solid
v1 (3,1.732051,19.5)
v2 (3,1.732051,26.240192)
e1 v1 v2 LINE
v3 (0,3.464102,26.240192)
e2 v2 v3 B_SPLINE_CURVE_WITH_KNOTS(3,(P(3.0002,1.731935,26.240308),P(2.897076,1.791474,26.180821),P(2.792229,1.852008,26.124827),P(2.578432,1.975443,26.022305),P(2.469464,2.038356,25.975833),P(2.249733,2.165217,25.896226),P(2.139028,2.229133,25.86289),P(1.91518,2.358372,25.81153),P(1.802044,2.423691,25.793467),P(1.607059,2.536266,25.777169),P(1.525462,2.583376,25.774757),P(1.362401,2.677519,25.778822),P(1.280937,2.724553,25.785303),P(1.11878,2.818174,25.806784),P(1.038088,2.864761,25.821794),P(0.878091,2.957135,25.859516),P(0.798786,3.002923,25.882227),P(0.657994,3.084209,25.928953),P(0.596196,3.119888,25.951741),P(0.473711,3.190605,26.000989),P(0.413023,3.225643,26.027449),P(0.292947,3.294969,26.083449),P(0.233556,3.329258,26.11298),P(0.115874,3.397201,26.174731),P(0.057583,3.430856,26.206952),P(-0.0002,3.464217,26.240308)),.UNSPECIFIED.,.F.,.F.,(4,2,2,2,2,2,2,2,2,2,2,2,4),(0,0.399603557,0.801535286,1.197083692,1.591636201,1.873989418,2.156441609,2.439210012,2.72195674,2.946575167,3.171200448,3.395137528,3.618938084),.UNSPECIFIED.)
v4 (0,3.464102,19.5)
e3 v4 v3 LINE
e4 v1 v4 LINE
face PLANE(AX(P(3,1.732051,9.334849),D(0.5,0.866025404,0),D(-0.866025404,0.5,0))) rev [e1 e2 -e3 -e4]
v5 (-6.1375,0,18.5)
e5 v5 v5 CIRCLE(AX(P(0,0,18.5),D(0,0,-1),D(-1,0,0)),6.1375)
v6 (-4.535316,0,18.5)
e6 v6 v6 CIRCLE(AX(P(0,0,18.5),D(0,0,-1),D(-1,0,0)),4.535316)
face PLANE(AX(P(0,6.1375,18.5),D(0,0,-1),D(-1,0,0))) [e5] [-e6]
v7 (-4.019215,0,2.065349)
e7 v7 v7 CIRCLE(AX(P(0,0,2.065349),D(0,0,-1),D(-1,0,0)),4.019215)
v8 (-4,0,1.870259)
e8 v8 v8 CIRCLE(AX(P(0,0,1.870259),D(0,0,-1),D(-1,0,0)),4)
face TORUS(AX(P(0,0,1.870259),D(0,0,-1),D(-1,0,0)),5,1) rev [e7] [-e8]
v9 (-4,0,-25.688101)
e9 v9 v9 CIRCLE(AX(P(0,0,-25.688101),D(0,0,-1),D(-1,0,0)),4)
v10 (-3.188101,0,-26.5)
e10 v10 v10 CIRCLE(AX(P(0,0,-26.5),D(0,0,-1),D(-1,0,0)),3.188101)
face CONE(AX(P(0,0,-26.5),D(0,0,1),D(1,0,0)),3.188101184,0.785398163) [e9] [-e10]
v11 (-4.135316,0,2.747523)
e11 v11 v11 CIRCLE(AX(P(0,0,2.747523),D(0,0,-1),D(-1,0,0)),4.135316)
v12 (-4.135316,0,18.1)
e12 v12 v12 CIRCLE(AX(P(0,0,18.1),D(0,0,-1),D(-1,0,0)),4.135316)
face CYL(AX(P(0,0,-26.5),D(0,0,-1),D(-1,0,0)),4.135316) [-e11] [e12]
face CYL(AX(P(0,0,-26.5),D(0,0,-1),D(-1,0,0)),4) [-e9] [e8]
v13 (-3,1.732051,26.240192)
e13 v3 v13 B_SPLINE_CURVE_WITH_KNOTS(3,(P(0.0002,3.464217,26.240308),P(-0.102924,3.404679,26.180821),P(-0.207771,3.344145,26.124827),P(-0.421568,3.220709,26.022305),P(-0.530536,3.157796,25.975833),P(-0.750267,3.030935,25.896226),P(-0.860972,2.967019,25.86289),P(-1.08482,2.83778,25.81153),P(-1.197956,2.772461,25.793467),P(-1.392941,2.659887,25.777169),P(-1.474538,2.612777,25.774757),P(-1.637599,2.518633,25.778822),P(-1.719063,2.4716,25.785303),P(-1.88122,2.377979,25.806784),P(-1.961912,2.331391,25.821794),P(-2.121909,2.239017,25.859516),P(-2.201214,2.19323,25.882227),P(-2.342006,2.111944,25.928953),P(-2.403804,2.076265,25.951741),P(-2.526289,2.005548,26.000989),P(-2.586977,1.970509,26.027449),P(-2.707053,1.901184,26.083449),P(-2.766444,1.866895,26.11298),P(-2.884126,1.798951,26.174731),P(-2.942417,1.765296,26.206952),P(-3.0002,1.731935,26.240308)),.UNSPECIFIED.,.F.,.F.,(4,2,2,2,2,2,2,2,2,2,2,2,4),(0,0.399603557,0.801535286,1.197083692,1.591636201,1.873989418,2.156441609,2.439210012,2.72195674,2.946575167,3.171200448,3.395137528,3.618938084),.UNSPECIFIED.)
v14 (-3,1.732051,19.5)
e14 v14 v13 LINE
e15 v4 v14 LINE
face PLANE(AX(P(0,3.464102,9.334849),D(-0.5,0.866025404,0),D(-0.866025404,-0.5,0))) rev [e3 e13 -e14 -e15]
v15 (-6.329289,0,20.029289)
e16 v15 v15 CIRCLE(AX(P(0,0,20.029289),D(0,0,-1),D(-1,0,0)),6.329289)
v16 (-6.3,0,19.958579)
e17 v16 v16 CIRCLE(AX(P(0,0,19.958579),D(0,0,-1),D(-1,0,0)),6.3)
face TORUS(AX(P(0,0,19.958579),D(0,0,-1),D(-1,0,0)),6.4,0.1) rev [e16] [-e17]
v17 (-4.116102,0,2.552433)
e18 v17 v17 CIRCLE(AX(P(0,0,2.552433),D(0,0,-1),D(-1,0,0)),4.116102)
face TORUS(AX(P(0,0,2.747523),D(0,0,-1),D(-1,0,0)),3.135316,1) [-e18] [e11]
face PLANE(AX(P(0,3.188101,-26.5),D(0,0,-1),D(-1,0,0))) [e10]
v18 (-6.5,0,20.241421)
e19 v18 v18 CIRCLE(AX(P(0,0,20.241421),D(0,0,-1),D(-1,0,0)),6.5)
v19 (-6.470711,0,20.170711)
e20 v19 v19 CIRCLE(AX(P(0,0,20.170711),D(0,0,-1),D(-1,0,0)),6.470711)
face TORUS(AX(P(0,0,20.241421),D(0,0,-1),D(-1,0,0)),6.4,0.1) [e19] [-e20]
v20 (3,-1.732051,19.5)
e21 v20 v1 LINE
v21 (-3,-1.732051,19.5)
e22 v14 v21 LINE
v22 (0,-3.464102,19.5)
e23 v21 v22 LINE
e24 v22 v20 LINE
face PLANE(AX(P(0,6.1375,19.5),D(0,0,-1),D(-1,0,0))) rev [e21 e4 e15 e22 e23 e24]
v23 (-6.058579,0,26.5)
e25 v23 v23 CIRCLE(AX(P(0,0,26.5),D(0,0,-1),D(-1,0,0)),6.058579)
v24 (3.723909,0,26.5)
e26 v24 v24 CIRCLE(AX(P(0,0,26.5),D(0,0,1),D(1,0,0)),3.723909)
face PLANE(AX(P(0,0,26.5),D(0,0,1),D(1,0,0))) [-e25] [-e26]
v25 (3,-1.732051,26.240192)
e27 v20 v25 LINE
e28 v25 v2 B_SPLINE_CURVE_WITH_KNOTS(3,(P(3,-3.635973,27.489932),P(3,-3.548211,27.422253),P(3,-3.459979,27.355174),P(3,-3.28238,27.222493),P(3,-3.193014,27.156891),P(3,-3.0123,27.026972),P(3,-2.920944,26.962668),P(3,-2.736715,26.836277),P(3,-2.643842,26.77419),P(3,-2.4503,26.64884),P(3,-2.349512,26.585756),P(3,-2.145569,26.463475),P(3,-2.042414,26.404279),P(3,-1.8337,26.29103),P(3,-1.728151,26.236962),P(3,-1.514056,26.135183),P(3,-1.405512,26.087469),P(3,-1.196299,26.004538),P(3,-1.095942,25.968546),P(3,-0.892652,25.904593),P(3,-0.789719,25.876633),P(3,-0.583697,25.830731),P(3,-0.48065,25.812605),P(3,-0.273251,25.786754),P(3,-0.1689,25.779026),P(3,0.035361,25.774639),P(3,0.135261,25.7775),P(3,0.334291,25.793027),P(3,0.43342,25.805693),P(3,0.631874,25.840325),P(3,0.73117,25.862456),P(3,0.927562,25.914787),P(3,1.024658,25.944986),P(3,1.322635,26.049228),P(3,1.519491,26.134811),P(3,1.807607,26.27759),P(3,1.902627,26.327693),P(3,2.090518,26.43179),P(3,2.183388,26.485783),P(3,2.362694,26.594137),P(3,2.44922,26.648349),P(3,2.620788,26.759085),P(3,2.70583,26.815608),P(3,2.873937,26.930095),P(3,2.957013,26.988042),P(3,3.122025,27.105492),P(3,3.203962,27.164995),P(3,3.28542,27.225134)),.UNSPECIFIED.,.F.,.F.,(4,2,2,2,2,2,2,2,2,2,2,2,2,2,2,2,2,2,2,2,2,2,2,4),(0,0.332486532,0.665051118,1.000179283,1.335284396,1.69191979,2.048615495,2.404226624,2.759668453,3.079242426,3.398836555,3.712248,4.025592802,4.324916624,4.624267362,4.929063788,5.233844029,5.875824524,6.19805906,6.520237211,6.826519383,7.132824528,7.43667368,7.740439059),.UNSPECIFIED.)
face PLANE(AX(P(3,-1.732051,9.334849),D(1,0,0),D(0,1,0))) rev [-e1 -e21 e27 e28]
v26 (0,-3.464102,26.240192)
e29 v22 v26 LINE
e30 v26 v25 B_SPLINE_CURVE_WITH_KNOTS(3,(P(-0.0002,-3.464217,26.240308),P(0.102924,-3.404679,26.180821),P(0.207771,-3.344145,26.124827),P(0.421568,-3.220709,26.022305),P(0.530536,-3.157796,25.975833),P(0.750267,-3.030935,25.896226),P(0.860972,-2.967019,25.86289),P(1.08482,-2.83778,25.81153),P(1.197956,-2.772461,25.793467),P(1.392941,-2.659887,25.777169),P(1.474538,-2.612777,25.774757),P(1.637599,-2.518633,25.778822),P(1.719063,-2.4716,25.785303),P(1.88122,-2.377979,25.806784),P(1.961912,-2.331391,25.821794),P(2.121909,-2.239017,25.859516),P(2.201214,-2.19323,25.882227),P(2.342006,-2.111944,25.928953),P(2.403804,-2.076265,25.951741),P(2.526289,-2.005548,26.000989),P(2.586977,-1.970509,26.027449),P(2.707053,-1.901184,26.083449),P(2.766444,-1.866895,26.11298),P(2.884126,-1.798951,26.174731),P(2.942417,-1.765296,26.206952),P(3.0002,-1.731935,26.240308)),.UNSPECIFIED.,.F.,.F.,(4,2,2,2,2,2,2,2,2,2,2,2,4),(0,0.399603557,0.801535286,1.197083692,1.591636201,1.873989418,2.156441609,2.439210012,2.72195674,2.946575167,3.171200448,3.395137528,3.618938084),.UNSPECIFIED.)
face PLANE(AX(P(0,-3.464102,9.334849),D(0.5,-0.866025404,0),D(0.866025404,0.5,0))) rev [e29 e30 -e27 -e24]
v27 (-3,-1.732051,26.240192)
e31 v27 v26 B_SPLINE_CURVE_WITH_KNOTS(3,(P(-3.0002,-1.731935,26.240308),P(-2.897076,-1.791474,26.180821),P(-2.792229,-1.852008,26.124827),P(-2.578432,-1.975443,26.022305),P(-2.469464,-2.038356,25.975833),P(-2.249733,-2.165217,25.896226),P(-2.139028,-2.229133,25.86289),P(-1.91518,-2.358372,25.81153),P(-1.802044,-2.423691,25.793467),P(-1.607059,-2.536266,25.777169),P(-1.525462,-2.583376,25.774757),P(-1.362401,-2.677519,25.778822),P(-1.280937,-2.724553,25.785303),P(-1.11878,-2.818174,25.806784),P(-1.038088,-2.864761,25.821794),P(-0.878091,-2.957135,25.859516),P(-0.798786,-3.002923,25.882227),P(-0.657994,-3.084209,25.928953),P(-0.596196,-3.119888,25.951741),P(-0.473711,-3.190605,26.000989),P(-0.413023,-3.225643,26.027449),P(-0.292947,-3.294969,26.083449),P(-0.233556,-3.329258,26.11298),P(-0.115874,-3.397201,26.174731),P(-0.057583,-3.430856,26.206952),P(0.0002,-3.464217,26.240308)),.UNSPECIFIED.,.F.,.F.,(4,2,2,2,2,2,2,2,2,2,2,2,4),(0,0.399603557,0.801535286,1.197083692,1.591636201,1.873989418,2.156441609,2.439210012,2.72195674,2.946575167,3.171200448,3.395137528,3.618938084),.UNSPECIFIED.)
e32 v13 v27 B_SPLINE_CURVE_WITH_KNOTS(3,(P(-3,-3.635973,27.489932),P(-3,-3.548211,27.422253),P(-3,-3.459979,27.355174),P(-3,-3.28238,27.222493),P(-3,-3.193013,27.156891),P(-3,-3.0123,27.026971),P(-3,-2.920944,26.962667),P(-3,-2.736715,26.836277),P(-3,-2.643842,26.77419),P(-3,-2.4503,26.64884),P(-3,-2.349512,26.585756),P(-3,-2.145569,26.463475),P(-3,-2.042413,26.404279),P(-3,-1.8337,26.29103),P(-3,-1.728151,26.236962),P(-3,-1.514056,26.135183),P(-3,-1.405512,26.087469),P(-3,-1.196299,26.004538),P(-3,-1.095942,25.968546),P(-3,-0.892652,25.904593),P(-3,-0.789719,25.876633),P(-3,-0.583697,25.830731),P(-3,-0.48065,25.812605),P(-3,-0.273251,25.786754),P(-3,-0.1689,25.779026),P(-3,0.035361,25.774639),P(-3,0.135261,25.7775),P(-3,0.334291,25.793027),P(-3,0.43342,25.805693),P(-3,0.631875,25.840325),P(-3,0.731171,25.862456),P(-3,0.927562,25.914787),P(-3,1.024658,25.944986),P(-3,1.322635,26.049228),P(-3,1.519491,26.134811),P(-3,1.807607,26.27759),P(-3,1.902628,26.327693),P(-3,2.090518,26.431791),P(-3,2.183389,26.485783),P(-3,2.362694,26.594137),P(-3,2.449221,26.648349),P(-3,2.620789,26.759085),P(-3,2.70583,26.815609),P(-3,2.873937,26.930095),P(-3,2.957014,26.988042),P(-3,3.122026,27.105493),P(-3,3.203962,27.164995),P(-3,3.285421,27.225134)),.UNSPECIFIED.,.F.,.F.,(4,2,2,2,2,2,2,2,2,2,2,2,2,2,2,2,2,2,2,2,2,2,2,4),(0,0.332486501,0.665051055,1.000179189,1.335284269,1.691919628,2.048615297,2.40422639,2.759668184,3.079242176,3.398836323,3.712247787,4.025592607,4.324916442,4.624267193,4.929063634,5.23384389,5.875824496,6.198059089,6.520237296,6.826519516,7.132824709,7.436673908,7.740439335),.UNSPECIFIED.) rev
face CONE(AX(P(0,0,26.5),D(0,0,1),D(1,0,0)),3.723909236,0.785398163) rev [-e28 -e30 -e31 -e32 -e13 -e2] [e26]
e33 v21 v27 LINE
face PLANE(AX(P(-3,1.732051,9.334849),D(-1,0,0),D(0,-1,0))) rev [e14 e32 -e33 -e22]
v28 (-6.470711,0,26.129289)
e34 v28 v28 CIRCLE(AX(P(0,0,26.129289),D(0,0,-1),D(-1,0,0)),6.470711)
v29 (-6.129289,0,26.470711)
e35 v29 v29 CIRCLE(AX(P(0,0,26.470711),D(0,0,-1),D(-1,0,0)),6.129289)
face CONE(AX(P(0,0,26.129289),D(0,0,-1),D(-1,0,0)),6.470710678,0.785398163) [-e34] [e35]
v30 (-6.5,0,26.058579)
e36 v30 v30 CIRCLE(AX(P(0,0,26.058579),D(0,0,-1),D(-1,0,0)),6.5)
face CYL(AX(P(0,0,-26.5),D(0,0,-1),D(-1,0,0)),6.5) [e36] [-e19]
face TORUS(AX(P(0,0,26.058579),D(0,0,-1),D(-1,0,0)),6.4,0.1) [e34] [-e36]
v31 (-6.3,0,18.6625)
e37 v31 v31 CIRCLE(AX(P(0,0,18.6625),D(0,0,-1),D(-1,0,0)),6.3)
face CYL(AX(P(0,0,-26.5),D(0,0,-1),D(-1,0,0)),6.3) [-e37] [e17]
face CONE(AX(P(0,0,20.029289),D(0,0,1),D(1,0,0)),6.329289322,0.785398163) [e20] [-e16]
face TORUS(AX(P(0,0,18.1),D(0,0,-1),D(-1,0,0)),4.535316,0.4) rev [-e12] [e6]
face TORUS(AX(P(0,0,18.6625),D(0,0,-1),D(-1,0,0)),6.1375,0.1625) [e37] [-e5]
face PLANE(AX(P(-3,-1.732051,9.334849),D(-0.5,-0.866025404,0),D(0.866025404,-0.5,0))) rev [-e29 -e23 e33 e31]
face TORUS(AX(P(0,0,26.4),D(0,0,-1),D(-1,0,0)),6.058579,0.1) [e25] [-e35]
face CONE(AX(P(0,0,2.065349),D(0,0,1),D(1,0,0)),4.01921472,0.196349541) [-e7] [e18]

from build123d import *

# Parameters (mm, degrees)
CUT_EXTRUDE1_DEPTH = 7


with BuildPart() as part:
    # Sketch2 → Revolve1 (revolve)
    with BuildSketch(Plane(origin=(0, 0, 0), x_dir=(0, 0, -1), z_dir=(1, 0, 0)), mode=Mode.PRIVATE) as revolve1_sk:
        with BuildLine():
            Line((-26.5, 0), (-26.5, 6.058578644))
            ThreePointArc((-26.5, 6.058578644), (-26.492387953, 6.096846987), (-26.470710678, 6.129289322))
            Line((-26.470710678, 6.129289322), (-26.129289322, 6.470710678))
            ThreePointArc((-26.129289322, 6.470710678), (-26.096846987, 6.492387953), (-26.058578644, 6.5))
            Line((-26.058578644, 6.5), (-20.241421356, 6.5))
            ThreePointArc((-20.241421356, 6.5), (-20.203153013, 6.492387953), (-20.170710678, 6.470710678))
            Line((-20.170710678, 6.470710678), (-20.029289322, 6.329289322))
            ThreePointArc((-20.029289322, 6.329289322), (-19.996846987, 6.307612047), (-19.958578644, 6.3))
            Line((-19.958578644, 6.3), (-18.6625, 6.3))
            ThreePointArc((-18.6625, 6.3), (-18.547595148, 6.252404852), (-18.5, 6.1375))
            Line((-18.5, 6.1375), (-18.5, 4.535316469))
            ThreePointArc((-18.5, 4.535316469), (-18.382842712, 4.252473757), (-18.1, 4.135316469))
            Line((-18.1, 4.135316469), (-2.747523234, 4.135316469))
            ThreePointArc((-2.747523234, 4.135316469), (-2.649506093, 4.130501196), (-2.552432912, 4.11610175))
            Line((-2.552432912, 4.11610175), (-2.065348919, 4.01921472))
            ThreePointArc((-2.065348919, 4.01921472), (-1.968275737, 4.004815273), (-1.870258597, 4))
            Line((-1.870258597, 4), (25.688101184, 4))
            Line((25.688101184, 4), (26.5, 3.188101184))
            Line((26.5, 3.188101184), (26.5, 0))
            Line((26.5, 0), (-26.5, 0))
        make_face()
    revolve(revolve1_sk.sketch.rotate(Axis((0, 0, -26.5), (0, 0, 1)), 90), axis=Axis((0, 0, -26.5), (0, 0, 1)))

    # Sketch3 → Cut-Extrude1 (cut)
    with BuildSketch(Plane.XY.offset(26.5)):
        Polygon((3, -1.732050808), (3, 1.732050808), (0, 3.464101615), (-3, 1.732050808), (-3, -1.732050808), (0, -3.464101615), align=None)
    extrude(amount=-CUT_EXTRUDE1_DEPTH, mode=Mode.SUBTRACT)

    # Cut-Extrude2 cone 1 section (through the dimple's axis) → Cut-Extrude2 (revolve, cut)
    with BuildSketch(Plane(origin=(0, 0, 26.5), x_dir=(0, -1, 0), z_dir=(1, 0, 0))):
        Polygon((0, 0), (3.723909236, 0), (0, 3.723909236), align=None)
    revolve(axis=Axis((0, 0, 26.5), (0, 0, -1)), mode=Mode.SUBTRACT)


solid = part.part
